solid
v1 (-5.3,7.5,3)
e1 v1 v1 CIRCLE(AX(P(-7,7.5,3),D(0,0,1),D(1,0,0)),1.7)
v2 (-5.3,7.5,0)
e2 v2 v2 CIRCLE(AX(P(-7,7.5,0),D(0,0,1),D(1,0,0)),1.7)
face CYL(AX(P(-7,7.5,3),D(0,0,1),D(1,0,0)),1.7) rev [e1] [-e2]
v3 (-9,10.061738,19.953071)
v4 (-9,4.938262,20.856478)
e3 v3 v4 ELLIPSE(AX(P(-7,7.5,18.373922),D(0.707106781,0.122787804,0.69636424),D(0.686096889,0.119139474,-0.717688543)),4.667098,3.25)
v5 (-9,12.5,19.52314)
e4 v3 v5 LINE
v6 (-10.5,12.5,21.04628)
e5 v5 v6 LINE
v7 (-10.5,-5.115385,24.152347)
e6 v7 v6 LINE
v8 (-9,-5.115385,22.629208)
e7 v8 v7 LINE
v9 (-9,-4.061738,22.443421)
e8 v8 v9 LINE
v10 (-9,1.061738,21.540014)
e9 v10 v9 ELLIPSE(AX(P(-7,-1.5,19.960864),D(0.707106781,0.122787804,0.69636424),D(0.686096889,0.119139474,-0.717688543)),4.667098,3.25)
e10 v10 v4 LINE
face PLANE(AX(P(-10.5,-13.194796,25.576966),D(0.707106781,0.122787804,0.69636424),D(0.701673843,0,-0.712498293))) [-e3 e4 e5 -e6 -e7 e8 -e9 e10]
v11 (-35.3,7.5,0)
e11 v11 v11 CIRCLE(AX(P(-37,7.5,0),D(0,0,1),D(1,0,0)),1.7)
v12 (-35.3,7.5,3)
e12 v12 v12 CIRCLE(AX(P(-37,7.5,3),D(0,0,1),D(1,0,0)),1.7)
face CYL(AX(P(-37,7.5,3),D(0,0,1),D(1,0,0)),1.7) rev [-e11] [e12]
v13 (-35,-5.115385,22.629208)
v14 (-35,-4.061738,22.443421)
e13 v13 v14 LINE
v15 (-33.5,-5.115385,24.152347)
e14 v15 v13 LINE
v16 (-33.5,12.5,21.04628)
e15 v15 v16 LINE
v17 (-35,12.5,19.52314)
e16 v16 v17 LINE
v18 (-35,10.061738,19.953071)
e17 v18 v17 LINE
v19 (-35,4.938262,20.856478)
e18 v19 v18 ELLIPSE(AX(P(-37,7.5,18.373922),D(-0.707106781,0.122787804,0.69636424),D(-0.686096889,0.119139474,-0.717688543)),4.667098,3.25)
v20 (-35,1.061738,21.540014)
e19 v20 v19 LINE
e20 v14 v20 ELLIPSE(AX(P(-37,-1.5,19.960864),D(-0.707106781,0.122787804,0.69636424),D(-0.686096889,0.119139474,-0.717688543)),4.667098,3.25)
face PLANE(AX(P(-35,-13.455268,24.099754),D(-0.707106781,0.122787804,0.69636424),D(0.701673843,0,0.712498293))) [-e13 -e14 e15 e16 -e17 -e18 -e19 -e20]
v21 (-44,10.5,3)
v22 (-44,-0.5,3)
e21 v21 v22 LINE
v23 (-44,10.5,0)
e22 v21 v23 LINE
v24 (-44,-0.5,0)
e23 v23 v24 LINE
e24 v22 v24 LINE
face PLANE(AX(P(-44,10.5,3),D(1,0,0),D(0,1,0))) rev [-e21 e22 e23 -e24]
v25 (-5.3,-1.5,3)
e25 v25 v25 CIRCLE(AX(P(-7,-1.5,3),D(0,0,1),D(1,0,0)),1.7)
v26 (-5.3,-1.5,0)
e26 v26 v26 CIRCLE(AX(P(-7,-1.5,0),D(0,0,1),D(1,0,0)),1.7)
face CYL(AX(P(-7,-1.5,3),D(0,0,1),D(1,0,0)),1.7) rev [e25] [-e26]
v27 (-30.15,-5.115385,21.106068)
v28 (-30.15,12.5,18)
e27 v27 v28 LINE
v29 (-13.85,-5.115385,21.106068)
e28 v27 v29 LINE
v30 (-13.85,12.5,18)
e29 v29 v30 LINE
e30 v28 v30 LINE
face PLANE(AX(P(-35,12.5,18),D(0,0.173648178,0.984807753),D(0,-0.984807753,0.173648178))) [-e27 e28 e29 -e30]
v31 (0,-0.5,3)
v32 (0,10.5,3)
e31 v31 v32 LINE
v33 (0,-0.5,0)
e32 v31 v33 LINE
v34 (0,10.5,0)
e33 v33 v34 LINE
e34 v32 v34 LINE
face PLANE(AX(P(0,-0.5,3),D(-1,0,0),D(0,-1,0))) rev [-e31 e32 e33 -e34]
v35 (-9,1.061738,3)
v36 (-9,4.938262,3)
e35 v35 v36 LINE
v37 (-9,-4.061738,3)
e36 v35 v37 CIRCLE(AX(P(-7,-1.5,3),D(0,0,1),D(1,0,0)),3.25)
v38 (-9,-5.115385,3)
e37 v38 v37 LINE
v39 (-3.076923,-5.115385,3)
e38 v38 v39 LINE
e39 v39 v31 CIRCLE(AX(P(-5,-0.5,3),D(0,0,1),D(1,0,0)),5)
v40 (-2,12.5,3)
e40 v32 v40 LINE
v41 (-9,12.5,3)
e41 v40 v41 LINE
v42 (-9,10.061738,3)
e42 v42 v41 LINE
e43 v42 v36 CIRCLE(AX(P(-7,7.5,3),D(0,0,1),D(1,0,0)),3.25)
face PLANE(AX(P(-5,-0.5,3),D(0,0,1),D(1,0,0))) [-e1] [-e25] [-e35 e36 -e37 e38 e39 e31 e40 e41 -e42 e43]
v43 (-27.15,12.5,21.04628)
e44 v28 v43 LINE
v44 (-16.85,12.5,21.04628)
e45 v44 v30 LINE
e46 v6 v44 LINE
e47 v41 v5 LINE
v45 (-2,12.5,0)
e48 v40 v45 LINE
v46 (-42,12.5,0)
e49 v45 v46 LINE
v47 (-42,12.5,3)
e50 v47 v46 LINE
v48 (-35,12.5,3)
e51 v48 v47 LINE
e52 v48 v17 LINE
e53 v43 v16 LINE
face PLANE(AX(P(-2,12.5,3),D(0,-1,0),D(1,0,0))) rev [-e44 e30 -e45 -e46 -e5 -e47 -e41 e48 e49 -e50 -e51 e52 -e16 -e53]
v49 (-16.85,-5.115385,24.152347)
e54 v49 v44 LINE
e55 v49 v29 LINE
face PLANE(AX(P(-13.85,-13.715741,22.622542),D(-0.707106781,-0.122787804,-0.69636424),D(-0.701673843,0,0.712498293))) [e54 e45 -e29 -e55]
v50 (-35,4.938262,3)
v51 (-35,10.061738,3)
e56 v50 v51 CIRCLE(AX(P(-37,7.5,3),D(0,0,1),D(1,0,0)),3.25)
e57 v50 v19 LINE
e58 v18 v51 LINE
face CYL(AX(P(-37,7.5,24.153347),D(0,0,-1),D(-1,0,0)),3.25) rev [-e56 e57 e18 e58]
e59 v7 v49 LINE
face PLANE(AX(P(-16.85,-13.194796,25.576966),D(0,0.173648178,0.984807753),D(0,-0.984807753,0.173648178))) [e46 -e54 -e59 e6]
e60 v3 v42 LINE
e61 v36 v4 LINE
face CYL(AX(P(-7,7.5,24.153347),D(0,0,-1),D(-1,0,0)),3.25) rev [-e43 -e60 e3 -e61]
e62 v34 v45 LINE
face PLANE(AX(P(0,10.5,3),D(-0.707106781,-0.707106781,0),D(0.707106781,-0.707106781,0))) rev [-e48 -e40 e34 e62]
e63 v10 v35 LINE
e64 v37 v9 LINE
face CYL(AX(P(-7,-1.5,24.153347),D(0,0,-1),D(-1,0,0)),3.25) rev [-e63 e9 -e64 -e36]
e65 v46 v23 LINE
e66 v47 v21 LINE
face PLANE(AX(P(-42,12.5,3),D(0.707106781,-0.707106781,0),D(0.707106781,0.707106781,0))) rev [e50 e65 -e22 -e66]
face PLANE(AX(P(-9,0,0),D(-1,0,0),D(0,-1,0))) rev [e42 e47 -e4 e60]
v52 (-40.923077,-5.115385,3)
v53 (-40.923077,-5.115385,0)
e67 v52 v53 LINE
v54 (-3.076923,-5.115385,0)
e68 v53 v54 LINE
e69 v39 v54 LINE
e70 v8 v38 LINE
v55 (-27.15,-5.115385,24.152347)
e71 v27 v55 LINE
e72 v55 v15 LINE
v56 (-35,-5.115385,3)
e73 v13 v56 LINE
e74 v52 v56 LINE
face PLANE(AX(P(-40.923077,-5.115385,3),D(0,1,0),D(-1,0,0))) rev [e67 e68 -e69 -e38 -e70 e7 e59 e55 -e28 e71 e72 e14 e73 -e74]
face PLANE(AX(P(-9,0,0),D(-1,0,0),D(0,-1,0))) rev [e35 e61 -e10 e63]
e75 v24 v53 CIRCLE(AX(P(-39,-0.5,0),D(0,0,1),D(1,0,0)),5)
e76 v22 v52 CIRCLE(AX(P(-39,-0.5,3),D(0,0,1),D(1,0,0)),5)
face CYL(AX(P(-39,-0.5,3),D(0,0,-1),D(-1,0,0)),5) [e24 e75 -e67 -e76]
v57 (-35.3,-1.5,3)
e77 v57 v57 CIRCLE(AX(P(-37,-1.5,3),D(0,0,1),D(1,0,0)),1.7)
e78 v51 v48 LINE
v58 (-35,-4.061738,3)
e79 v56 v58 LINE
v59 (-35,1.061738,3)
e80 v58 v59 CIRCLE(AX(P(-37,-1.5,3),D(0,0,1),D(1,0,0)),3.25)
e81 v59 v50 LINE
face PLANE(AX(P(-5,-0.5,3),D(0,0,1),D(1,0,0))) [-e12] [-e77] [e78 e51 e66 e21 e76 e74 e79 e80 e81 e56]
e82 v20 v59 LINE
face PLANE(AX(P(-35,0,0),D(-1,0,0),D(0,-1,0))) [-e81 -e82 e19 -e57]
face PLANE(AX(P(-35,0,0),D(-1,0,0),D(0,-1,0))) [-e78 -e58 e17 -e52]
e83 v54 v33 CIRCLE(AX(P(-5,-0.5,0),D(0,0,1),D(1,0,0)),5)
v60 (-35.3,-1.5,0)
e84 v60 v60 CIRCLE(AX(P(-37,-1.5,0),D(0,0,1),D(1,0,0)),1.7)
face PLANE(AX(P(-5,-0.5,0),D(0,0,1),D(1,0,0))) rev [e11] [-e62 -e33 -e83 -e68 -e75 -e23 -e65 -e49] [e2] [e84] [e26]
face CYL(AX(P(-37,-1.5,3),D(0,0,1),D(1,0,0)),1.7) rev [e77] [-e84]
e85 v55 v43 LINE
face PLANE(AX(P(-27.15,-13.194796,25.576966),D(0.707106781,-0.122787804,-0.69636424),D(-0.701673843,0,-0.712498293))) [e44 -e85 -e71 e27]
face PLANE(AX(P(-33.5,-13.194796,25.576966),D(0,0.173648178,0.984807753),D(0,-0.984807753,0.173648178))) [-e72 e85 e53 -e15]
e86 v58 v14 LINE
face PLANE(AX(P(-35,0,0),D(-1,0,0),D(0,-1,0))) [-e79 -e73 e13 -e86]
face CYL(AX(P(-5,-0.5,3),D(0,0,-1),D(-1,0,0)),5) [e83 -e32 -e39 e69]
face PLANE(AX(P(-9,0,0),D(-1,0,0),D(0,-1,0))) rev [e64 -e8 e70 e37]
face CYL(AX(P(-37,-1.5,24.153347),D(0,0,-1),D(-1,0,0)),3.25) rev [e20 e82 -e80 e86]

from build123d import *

# Parameters (mm, degrees)
BOSS_EXTRUDE1_DEPTH             = 3
M3_CLEARANCE_HOLE1_D            = 3.4
BOSS_EXTRUDE3_DEPTH             = 13
BOSS_EXTRUDE3_DEPTH_BACK        = 13
BOSS_EXTRUDE4_REACH             = 52.335
BOSS_EXTRUDE4_DIRECTION_2_REACH = 52.335
CUT_EXTRUDE1_REACH              = 52.395
SKETCH7_R                       = 3.25


with BuildPart() as part:
    # Sketch1 → Boss-Extrude1 (new body)
    with BuildSketch(Plane.XY):
        with BuildLine():
            Line((-40.923076923, -5.115384615), (-3.076923077, -5.115384615))
            ThreePointArc((-3.076923077, -5.115384615), (-0.839748528, -3.273500981), (0, -0.5))
            Line((0, -0.5), (0, 10.5))
            Line((0, 10.5), (-2, 12.5))
            Line((-2, 12.5), (-42, 12.5))
            Line((-42, 12.5), (-44, 10.5))
            Line((-44, 10.5), (-44, -0.5))
            ThreePointArc((-44, -0.5), (-43.160251472, -3.273500981), (-40.923076923, -5.115384615))
        make_face()
    extrude(amount=BOSS_EXTRUDE1_DEPTH)

    # M3 Clearance Hole1 (through all)
    with Locations(Plane.XY.offset(3)):
        with Locations((-37, 7.5), (-37, -1.5), (-7, 7.5), (-7, -1.5)):
            Hole(M3_CLEARANCE_HOLE1_D / 2)

    # Sketch5 → Boss-Extrude3 (add, two sides: drawn at the far end of the back side and taken through both)
    with BuildSketch(Plane(origin=(-22, 0, 0), x_dir=(0, 0, -1), z_dir=(1, 0, 0)).offset(-BOSS_EXTRUDE3_DEPTH_BACK)):
        Polygon((-18, 12.5), (-21.106067583, -5.115384615), (-3, -5.115384615), (-3, 12.5), align=None)
    extrude(amount=BOSS_EXTRUDE3_DEPTH + BOSS_EXTRUDE3_DEPTH_BACK)

    # Boss-Extrude4: up to this plane
    boss_extrude4_end = Plane(origin=(-40.923076923, -5.115384615, 3), z_dir=(0, 1, 0))
    # Sketch6 → Boss-Extrude4 (add, up to the surface)
    with BuildSketch(Plane(origin=(0, 0.237205282, -0.041825691), x_dir=(1, 0, 0), z_dir=(0, 0.9848077530122074, -0.17364817766693444)), mode=Mode.PRIVATE) as boss_extrude4_sk1:
        Polygon((-35, -19.897141775), (-35, -21.397141775), (-33.5, -22.897141775), (-27.15, -22.897141775), (-30.15, -19.897141775), align=None)
    boss_extrude4_tool1 = split(extrude(boss_extrude4_sk1.sketch, amount=-BOSS_EXTRUDE4_REACH, mode=Mode.PRIVATE), bisect_by=boss_extrude4_end, keep=Keep.BOTH, mode=Mode.PRIVATE)
    add(boss_extrude4_tool1.solids().sort_by_distance((-31.594351, 3.963678, 21.092053))[0])
    # Sketch6 → Boss-Extrude4 (add, up to the surface)
    with BuildSketch(Plane(origin=(0, 0.237205282, -0.041825691), x_dir=(1, 0, 0), z_dir=(0, 0.9848077530122074, -0.17364817766693444)), mode=Mode.PRIVATE) as boss_extrude4_sk2:
        Polygon((-13.85, -19.897141775), (-16.85, -22.897141775), (-10.5, -22.897141775), (-9, -21.397141775), (-9, -19.897141775), align=None)
    boss_extrude4_tool2 = split(extrude(boss_extrude4_sk2.sketch, amount=-BOSS_EXTRUDE4_REACH, mode=Mode.PRIVATE), bisect_by=boss_extrude4_end, keep=Keep.BOTH, mode=Mode.PRIVATE)
    add(boss_extrude4_tool2.solids().sort_by_distance((-12.405649, 3.963678, 21.092053))[0])

    # Boss-Extrude4 direction 2: up to this plane
    boss_extrude4_direction_2_end = Plane(origin=(-2, 12.5, 3), z_dir=(0, -1, 0))
    # Sketch6 → Boss-Extrude4 direction 2 (add, up to the surface)
    with BuildSketch(Plane(origin=(0, 0.237205282, -0.041825691), x_dir=(1, 0, 0), z_dir=(0, 0.9848077530122074, -0.17364817766693444)), mode=Mode.PRIVATE) as boss_extrude4_direction_2_sk1:
        Polygon((-35, -19.897141775), (-35, -21.397141775), (-33.5, -22.897141775), (-27.15, -22.897141775), (-30.15, -19.897141775), align=None)
    boss_extrude4_direction_2_tool1 = split(extrude(boss_extrude4_direction_2_sk1.sketch, amount=BOSS_EXTRUDE4_DIRECTION_2_REACH, mode=Mode.PRIVATE), bisect_by=boss_extrude4_direction_2_end, keep=Keep.BOTH, mode=Mode.PRIVATE)
    add(boss_extrude4_direction_2_tool1.solids().sort_by_distance((-31.594351, 3.963678, 21.092053))[0])
    # Sketch6 → Boss-Extrude4 direction 2 (add, up to the surface)
    with BuildSketch(Plane(origin=(0, 0.237205282, -0.041825691), x_dir=(1, 0, 0), z_dir=(0, 0.9848077530122074, -0.17364817766693444)), mode=Mode.PRIVATE) as boss_extrude4_direction_2_sk2:
        Polygon((-13.85, -19.897141775), (-16.85, -22.897141775), (-10.5, -22.897141775), (-9, -21.397141775), (-9, -19.897141775), align=None)
    boss_extrude4_direction_2_tool2 = split(extrude(boss_extrude4_direction_2_sk2.sketch, amount=BOSS_EXTRUDE4_DIRECTION_2_REACH, mode=Mode.PRIVATE), bisect_by=boss_extrude4_direction_2_end, keep=Keep.BOTH, mode=Mode.PRIVATE)
    add(boss_extrude4_direction_2_tool2.solids().sort_by_distance((-12.405649, 3.963678, 21.092053))[0])

    # Sketch7 → Cut-Extrude1 (cut, up to next)
    with BuildSketch(Plane.XY.offset(3), mode=Mode.PRIVATE) as cut_extrude1_sk1:
        with Locations((-37, 7.5)):
            Circle(SKETCH7_R)
    cut_extrude1_tool1 = extrude(cut_extrude1_sk1.sketch, amount=CUT_EXTRUDE1_REACH, mode=Mode.PRIVATE) & part.part
    # Sketch7 → Cut-Extrude1 (cut, up to next)
    with BuildSketch(Plane.XY.offset(3), mode=Mode.PRIVATE) as cut_extrude1_sk2:
        with Locations((-37, -1.5)):
            Circle(SKETCH7_R)
    cut_extrude1_tool2 = extrude(cut_extrude1_sk2.sketch, amount=CUT_EXTRUDE1_REACH, mode=Mode.PRIVATE) & part.part
    # Sketch7 → Cut-Extrude1 (cut, up to next)
    with BuildSketch(Plane.XY.offset(3), mode=Mode.PRIVATE) as cut_extrude1_sk3:
        with Locations((-7, -1.5)):
            Circle(SKETCH7_R)
    cut_extrude1_tool3 = extrude(cut_extrude1_sk3.sketch, amount=CUT_EXTRUDE1_REACH, mode=Mode.PRIVATE) & part.part
    # Sketch7 → Cut-Extrude1 (cut, up to next)
    with BuildSketch(Plane.XY.offset(3), mode=Mode.PRIVATE) as cut_extrude1_sk4:
        with Locations((-7, 7.5)):
            Circle(SKETCH7_R)
    cut_extrude1_tool4 = extrude(cut_extrude1_sk4.sketch, amount=CUT_EXTRUDE1_REACH, mode=Mode.PRIVATE) & part.part
    add(cut_extrude1_tool1.solids().sort_by_distance((-37, 7.5, 3))[0], mode=Mode.SUBTRACT)
    add(cut_extrude1_tool2.solids().sort_by_distance((-37, -1.5, 3))[0], mode=Mode.SUBTRACT)
    add(cut_extrude1_tool3.solids().sort_by_distance((-7, -1.5, 3))[0], mode=Mode.SUBTRACT)
    add(cut_extrude1_tool4.solids().sort_by_distance((-7, 7.5, 3))[0], mode=Mode.SUBTRACT)


solid = part.part
